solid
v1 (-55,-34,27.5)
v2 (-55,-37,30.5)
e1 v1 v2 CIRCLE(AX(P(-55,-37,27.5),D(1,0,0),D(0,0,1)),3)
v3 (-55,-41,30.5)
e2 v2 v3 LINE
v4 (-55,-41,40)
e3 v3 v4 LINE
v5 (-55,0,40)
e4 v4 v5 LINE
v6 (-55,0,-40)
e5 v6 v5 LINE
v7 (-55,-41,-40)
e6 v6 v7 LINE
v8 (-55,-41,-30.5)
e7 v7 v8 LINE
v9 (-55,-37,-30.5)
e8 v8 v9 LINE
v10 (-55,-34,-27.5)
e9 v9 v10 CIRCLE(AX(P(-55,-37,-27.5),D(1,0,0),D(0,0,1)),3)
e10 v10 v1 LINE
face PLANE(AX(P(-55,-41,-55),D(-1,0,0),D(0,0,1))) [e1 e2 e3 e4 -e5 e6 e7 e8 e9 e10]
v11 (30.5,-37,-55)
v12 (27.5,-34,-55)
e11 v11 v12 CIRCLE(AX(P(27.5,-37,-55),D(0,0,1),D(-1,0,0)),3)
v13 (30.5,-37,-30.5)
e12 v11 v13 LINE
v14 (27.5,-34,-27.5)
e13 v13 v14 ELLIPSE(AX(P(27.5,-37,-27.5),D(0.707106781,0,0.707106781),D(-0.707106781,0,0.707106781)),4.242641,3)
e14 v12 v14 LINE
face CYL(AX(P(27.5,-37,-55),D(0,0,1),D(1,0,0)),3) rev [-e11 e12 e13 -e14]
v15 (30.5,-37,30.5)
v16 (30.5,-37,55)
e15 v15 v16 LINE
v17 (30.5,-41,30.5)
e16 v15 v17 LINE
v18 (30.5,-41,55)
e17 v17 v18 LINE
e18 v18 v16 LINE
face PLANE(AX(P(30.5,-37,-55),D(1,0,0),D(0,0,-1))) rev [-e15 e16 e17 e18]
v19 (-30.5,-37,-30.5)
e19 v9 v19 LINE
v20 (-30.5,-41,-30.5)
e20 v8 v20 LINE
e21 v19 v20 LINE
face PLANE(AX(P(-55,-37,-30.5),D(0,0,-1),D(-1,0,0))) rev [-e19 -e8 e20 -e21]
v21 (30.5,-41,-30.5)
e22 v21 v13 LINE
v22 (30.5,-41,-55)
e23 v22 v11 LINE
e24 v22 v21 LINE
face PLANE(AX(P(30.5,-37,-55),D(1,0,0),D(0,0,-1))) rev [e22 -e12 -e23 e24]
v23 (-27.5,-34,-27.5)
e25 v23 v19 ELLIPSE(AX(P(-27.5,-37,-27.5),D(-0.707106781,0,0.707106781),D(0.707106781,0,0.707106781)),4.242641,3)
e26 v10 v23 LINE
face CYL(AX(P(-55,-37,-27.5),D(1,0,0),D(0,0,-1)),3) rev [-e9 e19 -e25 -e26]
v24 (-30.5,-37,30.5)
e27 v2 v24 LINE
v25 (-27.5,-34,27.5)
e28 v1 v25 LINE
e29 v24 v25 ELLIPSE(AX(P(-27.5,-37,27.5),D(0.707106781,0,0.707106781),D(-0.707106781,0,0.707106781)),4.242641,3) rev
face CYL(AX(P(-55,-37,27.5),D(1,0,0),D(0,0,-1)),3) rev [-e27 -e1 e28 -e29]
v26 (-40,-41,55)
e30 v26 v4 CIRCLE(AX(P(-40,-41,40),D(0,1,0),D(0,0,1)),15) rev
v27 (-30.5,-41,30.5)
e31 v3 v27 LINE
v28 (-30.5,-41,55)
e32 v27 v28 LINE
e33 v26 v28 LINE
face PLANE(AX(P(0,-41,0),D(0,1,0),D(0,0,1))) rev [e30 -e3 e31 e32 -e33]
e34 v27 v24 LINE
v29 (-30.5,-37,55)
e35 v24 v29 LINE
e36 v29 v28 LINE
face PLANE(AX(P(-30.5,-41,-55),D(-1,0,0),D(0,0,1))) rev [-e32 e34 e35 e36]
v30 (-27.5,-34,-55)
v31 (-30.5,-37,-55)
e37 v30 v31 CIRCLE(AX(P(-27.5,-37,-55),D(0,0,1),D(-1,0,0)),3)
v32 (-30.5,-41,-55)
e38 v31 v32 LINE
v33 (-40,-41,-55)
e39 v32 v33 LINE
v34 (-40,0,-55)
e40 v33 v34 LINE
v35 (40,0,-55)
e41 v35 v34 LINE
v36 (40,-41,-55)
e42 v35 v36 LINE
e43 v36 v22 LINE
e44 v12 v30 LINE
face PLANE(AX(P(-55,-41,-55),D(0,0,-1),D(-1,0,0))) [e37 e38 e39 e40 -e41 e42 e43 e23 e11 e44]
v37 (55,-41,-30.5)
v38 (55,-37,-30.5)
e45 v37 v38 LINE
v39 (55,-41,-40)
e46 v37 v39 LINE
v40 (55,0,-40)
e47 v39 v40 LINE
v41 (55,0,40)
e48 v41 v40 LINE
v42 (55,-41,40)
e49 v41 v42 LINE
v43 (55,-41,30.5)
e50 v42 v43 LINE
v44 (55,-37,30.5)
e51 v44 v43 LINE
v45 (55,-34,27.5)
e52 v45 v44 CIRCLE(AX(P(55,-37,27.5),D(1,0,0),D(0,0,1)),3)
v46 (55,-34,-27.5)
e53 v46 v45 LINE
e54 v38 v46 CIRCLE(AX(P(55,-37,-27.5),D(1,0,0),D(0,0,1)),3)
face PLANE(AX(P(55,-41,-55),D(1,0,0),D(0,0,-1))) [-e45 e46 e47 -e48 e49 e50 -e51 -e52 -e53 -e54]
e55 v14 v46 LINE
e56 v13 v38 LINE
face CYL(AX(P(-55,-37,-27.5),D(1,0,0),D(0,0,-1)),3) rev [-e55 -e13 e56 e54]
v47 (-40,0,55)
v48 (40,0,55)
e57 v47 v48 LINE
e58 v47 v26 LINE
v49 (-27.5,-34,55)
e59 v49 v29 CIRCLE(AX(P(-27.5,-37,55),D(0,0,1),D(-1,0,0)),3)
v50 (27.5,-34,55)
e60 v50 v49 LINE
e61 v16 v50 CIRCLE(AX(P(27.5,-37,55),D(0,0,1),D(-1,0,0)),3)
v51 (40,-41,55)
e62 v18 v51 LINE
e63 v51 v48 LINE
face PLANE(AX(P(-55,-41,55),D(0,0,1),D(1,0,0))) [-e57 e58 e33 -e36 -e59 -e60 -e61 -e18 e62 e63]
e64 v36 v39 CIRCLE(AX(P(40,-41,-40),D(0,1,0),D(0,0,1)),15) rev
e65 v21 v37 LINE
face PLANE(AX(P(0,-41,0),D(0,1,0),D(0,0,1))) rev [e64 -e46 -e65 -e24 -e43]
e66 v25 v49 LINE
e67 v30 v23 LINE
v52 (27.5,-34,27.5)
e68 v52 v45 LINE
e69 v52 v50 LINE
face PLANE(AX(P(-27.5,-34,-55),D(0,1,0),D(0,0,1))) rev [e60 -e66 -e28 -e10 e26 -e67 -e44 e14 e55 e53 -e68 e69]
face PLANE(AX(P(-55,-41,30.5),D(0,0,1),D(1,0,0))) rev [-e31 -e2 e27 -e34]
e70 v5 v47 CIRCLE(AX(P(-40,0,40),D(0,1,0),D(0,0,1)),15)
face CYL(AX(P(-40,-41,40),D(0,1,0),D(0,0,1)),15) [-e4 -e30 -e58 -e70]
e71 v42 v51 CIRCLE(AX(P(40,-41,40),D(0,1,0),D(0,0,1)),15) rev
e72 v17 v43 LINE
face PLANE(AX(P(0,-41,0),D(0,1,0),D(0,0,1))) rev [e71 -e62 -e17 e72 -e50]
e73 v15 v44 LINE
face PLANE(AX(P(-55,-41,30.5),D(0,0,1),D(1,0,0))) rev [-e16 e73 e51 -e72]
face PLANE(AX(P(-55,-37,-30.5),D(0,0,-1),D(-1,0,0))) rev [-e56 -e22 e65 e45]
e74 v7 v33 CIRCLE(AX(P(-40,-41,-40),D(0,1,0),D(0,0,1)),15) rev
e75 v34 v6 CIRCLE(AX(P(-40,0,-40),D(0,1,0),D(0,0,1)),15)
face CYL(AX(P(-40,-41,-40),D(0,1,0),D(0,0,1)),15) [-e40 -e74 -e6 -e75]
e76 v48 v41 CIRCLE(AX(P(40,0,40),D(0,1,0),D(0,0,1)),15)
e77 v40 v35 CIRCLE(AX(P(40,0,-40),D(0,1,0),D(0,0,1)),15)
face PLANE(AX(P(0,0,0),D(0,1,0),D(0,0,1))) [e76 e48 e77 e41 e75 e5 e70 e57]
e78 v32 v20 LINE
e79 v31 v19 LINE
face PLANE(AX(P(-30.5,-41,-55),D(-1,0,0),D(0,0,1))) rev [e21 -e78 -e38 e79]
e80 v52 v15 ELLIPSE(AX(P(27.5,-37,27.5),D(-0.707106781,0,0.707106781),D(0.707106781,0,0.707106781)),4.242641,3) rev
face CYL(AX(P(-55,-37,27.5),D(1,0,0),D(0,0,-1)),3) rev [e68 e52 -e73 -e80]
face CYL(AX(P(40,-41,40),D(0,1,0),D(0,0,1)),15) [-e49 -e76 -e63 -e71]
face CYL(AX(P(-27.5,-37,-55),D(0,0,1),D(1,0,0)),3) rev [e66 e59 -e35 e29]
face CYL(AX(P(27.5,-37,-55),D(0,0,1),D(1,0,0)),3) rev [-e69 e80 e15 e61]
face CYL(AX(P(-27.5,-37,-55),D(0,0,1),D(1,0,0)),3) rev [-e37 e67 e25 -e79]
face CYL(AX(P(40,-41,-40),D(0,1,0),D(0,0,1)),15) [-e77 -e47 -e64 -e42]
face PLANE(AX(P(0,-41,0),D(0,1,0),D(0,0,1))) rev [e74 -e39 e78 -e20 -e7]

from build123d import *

# Parameters (mm, degrees)
SKIZZE1_W                       = 110
SKIZZE1_H                       = 110
AUFSATZ_LINEAR_AUSTRAGEN1_DEPTH = 41
VERRUNDUNG1_R                   = 15
SCHNITT_LINEAR_AUSTRAGEN1_DEPTH = 111
KREISMUSTER1_COUNT              = 2
KREISMUSTER1_ANGLE              = 90


with BuildPart() as part:
    # Skizze1 → Aufsatz-Linear austragen1 (new body)
    with BuildSketch(Plane(origin=(0, 0, 0), x_dir=(1, 0, 0), z_dir=(0, 1, 0))):
        Rectangle(SKIZZE1_W, SKIZZE1_H)
    extrude(amount=-AUFSATZ_LINEAR_AUSTRAGEN1_DEPTH)

    # Verrundung1
    verrundung1_edges = [part.edges().sort_by_distance(p)[0] for p in [
        (55, -20.5, 55),
        (-55, -20.5, 55),
        (-55, -20.5, -55),
        (55, -20.5, -55),
    ]]
    fillet(verrundung1_edges, radius=VERRUNDUNG1_R)

    # Skizze2 → Schnitt-Linear austragen1 (cut, through all)
    with BuildSketch(Plane.XY.offset(55)):
        with BuildLine():
            Line((-30.5, -41), (-30.5, -37))
            ThreePointArc((-30.5, -37), (-29.621320344, -34.878679656), (-27.5, -34))
            Line((-27.5, -34), (27.5, -34))
            ThreePointArc((27.5, -34), (29.621320344, -34.878679656), (30.5, -37))
            Line((30.5, -37), (30.5, -41))
            Line((30.5, -41), (-30.5, -41))
        make_face()
    schnitt_linear_austragen1 = extrude(amount=-SCHNITT_LINEAR_AUSTRAGEN1_DEPTH, mode=Mode.SUBTRACT)

    # Kreismuster1: Schnitt-Linear austragen1 ×2 about axis
    kreismuster1_axis = Axis((0, -43.05, 0), (0, 1, 0))
    for i in range(1, KREISMUSTER1_COUNT):
        add(schnitt_linear_austragen1.rotate(kreismuster1_axis, i * KREISMUSTER1_ANGLE / (KREISMUSTER1_COUNT - 1)), mode=Mode.SUBTRACT)


solid = part.part
